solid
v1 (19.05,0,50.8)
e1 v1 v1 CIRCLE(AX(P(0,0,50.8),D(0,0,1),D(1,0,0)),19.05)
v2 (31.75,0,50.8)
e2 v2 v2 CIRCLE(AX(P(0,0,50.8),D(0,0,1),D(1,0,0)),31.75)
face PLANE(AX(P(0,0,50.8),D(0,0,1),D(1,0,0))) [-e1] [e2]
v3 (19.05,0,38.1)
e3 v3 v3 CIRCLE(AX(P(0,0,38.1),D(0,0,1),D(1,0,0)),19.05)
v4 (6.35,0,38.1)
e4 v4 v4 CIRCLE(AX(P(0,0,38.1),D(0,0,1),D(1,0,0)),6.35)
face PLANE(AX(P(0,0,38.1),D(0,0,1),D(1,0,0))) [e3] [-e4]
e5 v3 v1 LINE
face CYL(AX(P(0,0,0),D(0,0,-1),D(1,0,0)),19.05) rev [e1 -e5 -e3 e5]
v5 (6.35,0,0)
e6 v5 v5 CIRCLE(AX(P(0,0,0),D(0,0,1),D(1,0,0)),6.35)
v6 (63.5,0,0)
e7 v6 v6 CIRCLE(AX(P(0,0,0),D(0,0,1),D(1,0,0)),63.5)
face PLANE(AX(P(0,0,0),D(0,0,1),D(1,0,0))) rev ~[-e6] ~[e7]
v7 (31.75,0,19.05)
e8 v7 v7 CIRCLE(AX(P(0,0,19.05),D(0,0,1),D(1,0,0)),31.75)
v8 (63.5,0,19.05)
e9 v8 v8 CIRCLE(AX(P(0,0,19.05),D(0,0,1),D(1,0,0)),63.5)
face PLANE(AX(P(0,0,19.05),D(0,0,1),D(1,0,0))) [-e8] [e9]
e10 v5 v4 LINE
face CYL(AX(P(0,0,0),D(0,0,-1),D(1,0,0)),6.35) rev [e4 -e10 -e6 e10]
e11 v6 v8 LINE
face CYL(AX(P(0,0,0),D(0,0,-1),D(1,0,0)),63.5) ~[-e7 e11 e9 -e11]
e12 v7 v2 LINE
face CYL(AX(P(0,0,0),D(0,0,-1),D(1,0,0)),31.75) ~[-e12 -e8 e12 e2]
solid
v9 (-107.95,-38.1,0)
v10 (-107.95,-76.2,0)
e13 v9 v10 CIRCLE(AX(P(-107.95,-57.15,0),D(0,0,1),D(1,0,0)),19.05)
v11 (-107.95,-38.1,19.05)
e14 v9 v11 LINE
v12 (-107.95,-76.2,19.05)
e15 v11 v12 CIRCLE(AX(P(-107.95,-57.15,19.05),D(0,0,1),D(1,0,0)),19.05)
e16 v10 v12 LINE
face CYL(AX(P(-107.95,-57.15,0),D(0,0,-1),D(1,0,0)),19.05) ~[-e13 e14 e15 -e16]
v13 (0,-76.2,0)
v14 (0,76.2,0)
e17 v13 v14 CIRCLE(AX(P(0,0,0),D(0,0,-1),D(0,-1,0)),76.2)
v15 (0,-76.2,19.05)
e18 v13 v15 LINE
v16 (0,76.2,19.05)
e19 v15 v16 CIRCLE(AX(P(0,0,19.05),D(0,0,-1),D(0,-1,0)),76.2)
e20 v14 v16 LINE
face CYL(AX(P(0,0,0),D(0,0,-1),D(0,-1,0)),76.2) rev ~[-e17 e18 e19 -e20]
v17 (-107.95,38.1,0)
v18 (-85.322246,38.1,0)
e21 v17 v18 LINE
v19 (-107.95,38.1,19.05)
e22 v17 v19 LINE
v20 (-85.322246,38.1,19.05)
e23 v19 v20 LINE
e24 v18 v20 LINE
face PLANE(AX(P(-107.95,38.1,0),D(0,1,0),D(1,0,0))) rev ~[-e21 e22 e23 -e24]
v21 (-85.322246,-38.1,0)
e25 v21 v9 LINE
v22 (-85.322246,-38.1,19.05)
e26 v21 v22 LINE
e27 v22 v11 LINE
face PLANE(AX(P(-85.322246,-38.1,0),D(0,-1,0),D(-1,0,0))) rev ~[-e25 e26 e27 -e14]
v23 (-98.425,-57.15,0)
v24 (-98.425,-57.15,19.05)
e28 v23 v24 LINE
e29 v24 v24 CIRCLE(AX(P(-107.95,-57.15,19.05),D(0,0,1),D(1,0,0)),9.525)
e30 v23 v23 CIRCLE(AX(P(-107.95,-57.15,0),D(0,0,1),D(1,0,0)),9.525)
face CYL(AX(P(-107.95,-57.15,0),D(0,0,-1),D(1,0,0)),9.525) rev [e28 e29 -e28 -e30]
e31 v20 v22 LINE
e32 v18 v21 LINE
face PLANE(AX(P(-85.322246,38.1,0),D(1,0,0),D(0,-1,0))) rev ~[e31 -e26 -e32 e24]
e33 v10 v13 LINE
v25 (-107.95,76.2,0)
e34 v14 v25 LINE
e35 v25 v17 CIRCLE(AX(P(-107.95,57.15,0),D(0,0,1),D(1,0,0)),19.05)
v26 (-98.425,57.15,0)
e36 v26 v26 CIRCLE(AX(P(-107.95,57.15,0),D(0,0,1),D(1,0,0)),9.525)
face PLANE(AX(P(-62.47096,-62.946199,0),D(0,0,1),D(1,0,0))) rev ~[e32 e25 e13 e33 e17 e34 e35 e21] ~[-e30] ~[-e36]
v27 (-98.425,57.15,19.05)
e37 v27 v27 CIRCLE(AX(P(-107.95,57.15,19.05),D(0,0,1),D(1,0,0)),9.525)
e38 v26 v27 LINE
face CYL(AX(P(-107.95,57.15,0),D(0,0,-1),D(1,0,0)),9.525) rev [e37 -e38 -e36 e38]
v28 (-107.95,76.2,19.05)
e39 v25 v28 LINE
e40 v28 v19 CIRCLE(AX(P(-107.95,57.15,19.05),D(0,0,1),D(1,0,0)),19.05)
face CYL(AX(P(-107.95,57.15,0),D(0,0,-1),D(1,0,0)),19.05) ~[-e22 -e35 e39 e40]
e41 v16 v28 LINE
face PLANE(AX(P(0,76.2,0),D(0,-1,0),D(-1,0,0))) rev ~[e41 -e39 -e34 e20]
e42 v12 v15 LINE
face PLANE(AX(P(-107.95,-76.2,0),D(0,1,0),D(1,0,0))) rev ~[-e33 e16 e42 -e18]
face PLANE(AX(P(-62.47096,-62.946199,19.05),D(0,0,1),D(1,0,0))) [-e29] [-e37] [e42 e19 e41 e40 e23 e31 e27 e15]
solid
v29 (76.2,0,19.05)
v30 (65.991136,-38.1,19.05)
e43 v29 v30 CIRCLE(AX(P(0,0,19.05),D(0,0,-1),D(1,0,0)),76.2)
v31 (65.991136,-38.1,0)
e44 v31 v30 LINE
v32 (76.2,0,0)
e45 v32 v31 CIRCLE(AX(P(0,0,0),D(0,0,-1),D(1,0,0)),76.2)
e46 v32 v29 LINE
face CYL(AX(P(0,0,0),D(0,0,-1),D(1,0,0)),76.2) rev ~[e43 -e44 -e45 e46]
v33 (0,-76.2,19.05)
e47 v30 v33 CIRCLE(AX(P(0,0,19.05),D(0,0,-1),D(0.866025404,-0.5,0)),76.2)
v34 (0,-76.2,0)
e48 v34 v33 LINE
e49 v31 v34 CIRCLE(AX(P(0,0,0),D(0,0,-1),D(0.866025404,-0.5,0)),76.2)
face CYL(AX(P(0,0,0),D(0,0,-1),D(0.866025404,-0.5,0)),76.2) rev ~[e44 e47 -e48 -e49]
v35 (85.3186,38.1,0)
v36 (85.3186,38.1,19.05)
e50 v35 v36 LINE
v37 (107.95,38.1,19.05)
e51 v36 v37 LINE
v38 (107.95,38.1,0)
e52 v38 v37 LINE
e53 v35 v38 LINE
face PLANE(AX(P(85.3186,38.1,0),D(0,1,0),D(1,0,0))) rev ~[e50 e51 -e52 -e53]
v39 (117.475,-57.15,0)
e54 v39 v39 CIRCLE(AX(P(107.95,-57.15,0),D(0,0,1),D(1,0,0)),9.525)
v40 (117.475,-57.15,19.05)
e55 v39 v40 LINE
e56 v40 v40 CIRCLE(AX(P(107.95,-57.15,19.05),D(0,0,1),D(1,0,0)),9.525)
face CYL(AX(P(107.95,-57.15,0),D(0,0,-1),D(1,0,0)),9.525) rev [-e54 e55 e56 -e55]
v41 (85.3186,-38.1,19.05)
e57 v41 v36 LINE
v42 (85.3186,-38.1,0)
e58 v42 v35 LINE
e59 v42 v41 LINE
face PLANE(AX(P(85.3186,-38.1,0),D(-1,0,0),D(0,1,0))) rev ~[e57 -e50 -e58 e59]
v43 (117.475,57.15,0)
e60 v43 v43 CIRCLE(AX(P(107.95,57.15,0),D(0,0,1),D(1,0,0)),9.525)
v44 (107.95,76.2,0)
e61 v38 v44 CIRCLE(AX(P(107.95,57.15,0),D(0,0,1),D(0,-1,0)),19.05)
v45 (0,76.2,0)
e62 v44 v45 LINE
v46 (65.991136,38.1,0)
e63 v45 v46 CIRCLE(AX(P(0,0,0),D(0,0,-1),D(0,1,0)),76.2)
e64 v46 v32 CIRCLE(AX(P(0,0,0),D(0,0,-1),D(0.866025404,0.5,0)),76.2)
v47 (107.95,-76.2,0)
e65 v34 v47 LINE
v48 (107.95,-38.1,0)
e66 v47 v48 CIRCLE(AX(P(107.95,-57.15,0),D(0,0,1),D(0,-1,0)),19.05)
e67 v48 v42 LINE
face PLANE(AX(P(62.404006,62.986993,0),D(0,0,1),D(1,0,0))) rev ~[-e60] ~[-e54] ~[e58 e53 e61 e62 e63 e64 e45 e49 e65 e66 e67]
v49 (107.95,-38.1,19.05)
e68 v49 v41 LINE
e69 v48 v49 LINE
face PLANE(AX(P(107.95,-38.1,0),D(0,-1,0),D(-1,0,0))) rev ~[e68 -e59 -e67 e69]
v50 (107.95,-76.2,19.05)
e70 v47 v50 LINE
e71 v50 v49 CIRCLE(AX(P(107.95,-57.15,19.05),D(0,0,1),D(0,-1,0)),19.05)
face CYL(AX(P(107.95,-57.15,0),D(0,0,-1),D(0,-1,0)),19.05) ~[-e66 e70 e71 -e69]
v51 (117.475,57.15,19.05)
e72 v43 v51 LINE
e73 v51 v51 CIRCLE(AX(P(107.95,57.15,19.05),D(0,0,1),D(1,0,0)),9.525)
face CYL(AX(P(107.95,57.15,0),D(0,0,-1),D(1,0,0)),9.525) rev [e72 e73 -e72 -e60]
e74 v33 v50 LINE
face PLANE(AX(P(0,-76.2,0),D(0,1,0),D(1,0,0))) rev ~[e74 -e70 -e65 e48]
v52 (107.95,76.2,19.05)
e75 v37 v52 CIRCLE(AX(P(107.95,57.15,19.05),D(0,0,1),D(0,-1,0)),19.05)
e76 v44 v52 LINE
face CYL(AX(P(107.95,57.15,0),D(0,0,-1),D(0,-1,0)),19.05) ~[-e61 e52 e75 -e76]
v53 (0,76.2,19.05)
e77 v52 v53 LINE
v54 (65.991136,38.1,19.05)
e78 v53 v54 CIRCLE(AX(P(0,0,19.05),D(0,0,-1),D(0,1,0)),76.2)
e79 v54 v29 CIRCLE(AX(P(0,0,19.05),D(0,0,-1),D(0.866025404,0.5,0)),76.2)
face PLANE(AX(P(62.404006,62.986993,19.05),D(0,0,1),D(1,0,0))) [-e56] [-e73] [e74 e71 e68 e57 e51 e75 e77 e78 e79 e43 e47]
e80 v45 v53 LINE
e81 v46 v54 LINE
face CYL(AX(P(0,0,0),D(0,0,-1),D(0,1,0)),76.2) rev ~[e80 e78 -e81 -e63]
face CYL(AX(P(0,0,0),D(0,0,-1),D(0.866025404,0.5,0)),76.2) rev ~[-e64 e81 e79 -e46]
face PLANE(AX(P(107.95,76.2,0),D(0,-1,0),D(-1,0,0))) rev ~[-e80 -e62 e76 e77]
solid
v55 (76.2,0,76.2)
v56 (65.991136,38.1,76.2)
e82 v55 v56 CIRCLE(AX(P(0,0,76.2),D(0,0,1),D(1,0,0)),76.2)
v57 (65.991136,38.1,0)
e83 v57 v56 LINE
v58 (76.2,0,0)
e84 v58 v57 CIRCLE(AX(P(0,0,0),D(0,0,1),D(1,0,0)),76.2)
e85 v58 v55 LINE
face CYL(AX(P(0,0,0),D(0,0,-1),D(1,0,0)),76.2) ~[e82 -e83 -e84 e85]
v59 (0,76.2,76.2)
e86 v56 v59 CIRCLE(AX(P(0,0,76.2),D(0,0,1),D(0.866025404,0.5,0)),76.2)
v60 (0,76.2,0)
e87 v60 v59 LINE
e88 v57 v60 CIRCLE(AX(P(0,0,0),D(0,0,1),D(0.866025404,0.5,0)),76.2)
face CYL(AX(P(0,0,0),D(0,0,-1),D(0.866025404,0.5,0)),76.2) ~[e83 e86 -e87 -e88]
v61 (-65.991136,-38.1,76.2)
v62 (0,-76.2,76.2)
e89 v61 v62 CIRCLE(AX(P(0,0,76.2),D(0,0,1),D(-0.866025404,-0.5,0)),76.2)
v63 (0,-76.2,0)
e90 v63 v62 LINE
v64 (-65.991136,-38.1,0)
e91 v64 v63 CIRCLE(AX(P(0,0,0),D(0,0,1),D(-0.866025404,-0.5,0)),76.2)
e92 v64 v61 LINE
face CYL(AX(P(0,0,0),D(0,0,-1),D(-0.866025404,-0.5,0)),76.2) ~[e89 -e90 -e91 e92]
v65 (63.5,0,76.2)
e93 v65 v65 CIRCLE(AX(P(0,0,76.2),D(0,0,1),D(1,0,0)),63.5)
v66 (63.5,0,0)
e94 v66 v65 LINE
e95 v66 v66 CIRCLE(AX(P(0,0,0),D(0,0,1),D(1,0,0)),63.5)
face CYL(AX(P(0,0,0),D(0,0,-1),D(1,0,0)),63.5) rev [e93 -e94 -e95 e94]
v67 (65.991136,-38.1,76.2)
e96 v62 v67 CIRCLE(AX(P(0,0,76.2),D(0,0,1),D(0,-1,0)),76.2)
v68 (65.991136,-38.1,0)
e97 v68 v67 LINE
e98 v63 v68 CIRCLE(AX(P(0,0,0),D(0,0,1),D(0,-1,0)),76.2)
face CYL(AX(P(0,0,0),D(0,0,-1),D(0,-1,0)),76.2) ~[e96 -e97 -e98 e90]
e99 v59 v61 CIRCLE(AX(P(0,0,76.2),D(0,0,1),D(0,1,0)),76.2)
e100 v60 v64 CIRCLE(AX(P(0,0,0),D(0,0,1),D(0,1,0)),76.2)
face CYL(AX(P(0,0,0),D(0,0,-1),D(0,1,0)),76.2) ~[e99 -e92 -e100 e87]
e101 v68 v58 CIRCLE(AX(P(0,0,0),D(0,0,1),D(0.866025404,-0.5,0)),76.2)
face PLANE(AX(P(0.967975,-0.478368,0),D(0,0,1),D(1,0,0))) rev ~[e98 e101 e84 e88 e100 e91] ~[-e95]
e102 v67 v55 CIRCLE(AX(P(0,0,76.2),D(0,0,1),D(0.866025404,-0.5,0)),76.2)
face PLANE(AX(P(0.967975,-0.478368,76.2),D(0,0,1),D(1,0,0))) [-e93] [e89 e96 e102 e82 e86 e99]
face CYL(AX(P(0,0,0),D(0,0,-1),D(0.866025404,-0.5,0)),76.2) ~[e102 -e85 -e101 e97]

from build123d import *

# Parameters (mm, degrees)
F0_R     = 9.525
F1_DEPTH = 19.05
F0_R_2   = 63.5
F0_R_3   = 31.75
F2_DEPTH = 76.2
F0_R_4   = 19.05
F3_DEPTH = 50.8
F0_R_5   = 6.35
F4_DEPTH = 38.1


with BuildPart() as f1:
    # F0 (on Top) → F1 (new body)
    with BuildSketch(Plane.XY):
        with BuildLine():
            Line((-107.95, -76.2), (0, -76.2))
            ThreePointArc((0, -76.2), (-38.1, -65.9911357684), (-65.9911357684, -38.1))
            Line((-65.9911357684, -38.1), (-85.3222459555, -38.1))
            Line((-85.3222459555, -38.1), (-107.95, -38.1))
            ThreePointArc((-107.95, -38.1), (-94.4796158184, -43.6796158184), (-88.9, -57.15))
            ThreePointArc((-88.9, -57.15), (-94.4796158184, -70.6203841816), (-107.95, -76.2))
        make_face()
        with BuildLine():
            ThreePointArc((-65.9911357684, 38.1), (-38.1, 65.9911357684), (0, 76.2))
            Line((0, 76.2), (-107.95, 76.2))
            ThreePointArc((-107.95, 76.2), (-94.4796158184, 70.6203841816), (-88.9, 57.15))
            ThreePointArc((-88.9, 57.15), (-94.4796158184, 43.6796158184), (-107.95, 38.1))
            Line((-107.95, 38.1), (-85.3222459555, 38.1))
            Line((-85.3222459555, 38.1), (-65.9911357684, 38.1))
        make_face()
        with BuildLine():
            ThreePointArc((-88.9, 57.15), (-94.4796158184, 70.6203841816), (-107.95, 76.2))
            ThreePointArc((-107.95, 76.2), (-127, 57.15), (-107.95, 38.1))
            ThreePointArc((-107.95, 38.1), (-94.4796158184, 43.6796158184), (-88.9, 57.15))
        make_face()
        with Locations((-107.95, 57.15)):
            Circle(F0_R, mode=Mode.SUBTRACT)
        with BuildLine():
            ThreePointArc((-107.95, -38.1), (-127, -57.15), (-107.95, -76.2))
            ThreePointArc((-107.95, -76.2), (-94.4796158184, -70.6203841816), (-88.9, -57.15))
            ThreePointArc((-88.9, -57.15), (-94.4796158184, -43.6796158184), (-107.95, -38.1))
        make_face()
        with Locations((-107.95, -57.15)):
            Circle(F0_R, mode=Mode.SUBTRACT)
        with BuildLine():
            ThreePointArc((-65.9911357684, -38.1), (-76.2, 0), (-65.9911357684, 38.1))
            Line((-65.9911357684, 38.1), (-85.3222459555, 38.1))
            Line((-85.3222459555, 38.1), (-85.3222459555, -38.1))
            Line((-85.3222459555, -38.1), (-65.9911357684, -38.1))
        make_face()
    extrude(amount=F1_DEPTH)


with BuildPart() as f1b:
    # F0 (on Top) → F1, piece 2 (new body)
    with BuildSketch(Plane.XY):
        with BuildLine():
            ThreePointArc((0, 76.2), (38.1, 65.9911357684), (65.9911357684, 38.1))
            Line((65.9911357684, 38.1), (85.3186, 38.1))
            Line((85.3186, 38.1), (107.95, 38.1))
            ThreePointArc((107.95, 38.1), (88.9, 57.15), (107.95, 76.2))
            Line((107.95, 76.2), (0, 76.2))
        make_face()
        with BuildLine():
            ThreePointArc((127, 57.15), (121.4203841816, 70.6203841816), (107.95, 76.2))
            ThreePointArc((107.95, 76.2), (88.9, 57.15), (107.95, 38.1))
            ThreePointArc((107.95, 38.1), (121.4203841816, 43.6796158184), (127, 57.15))
        make_face()
        with Locations((107.95, 57.15)):
            Circle(F0_R, mode=Mode.SUBTRACT)
        with BuildLine():
            Line((85.3186, -38.1), (65.9911357684, -38.1))
            ThreePointArc((65.9911357684, -38.1), (38.1, -65.9911357684), (0, -76.2))
            Line((0, -76.2), (107.95, -76.2))
            ThreePointArc((107.95, -76.2), (88.9, -57.15), (107.95, -38.1))
            Line((107.95, -38.1), (85.3186, -38.1))
        make_face()
        with BuildLine():
            ThreePointArc((107.95, -38.1), (88.9, -57.15), (107.95, -76.2))
            ThreePointArc((107.95, -76.2), (121.4203841816, -70.6203841816), (127, -57.15))
            ThreePointArc((127, -57.15), (121.4203841816, -43.6796158184), (107.95, -38.1))
        make_face()
        with Locations((107.95, -57.15)):
            Circle(F0_R, mode=Mode.SUBTRACT)
        with BuildLine():
            ThreePointArc((65.9911357684, 38.1), (73.6035479632, 19.7220112368), (76.2, 0))
            ThreePointArc((76.2, 0), (73.6035479632, -19.7220112368), (65.9911357684, -38.1))
            Line((65.9911357684, -38.1), (85.3186, -38.1))
            Line((85.3186, -38.1), (85.3186, 38.1))
            Line((85.3186, 38.1), (65.9911357684, 38.1))
        make_face()
    extrude(amount=F1_DEPTH)


with BuildPart() as f1c:
    # F0 (on Top) → F1, piece 3 (new body)
    with BuildSketch(Plane.XY):
        Circle(F0_R_2)
        Circle(F0_R_3, mode=Mode.SUBTRACT)
    extrude(amount=F1_DEPTH)

    # F0 (on Top) → F3 (join)
    with BuildSketch(Plane.XY):
        Circle(F0_R_3)
        Circle(F0_R_4, mode=Mode.SUBTRACT)
    extrude(amount=F3_DEPTH)

    # F0 (on Top) → F4 (join)
    with BuildSketch(Plane.XY):
        Circle(F0_R_4)
        Circle(F0_R_5, mode=Mode.SUBTRACT)
    extrude(amount=F4_DEPTH)


with BuildPart() as f2:
    # F0 (on Top) → F2 (new body)
    with BuildSketch(Plane.XY):
        with BuildLine():
            ThreePointArc((65.9911357684, -38.1), (73.6035479632, -19.7220112368), (76.2, 0))
            ThreePointArc((76.2, 0), (73.6035479632, 19.7220112368), (65.9911357684, 38.1))
            ThreePointArc((65.9911357684, 38.1), (38.1, 65.9911357684), (0, 76.2))
            ThreePointArc((0, 76.2), (-38.1, 65.9911357684), (-65.9911357684, 38.1))
            ThreePointArc((-65.9911357684, 38.1), (-76.2, 0), (-65.9911357684, -38.1))
            ThreePointArc((-65.9911357684, -38.1), (-38.1, -65.9911357684), (0, -76.2))
            ThreePointArc((0, -76.2), (38.1, -65.9911357684), (65.9911357684, -38.1))
        make_face()
        Circle(F0_R_2, mode=Mode.SUBTRACT)
    extrude(amount=F2_DEPTH)


solid = Compound([f1.part, f1b.part, f1c.part, f2.part])
